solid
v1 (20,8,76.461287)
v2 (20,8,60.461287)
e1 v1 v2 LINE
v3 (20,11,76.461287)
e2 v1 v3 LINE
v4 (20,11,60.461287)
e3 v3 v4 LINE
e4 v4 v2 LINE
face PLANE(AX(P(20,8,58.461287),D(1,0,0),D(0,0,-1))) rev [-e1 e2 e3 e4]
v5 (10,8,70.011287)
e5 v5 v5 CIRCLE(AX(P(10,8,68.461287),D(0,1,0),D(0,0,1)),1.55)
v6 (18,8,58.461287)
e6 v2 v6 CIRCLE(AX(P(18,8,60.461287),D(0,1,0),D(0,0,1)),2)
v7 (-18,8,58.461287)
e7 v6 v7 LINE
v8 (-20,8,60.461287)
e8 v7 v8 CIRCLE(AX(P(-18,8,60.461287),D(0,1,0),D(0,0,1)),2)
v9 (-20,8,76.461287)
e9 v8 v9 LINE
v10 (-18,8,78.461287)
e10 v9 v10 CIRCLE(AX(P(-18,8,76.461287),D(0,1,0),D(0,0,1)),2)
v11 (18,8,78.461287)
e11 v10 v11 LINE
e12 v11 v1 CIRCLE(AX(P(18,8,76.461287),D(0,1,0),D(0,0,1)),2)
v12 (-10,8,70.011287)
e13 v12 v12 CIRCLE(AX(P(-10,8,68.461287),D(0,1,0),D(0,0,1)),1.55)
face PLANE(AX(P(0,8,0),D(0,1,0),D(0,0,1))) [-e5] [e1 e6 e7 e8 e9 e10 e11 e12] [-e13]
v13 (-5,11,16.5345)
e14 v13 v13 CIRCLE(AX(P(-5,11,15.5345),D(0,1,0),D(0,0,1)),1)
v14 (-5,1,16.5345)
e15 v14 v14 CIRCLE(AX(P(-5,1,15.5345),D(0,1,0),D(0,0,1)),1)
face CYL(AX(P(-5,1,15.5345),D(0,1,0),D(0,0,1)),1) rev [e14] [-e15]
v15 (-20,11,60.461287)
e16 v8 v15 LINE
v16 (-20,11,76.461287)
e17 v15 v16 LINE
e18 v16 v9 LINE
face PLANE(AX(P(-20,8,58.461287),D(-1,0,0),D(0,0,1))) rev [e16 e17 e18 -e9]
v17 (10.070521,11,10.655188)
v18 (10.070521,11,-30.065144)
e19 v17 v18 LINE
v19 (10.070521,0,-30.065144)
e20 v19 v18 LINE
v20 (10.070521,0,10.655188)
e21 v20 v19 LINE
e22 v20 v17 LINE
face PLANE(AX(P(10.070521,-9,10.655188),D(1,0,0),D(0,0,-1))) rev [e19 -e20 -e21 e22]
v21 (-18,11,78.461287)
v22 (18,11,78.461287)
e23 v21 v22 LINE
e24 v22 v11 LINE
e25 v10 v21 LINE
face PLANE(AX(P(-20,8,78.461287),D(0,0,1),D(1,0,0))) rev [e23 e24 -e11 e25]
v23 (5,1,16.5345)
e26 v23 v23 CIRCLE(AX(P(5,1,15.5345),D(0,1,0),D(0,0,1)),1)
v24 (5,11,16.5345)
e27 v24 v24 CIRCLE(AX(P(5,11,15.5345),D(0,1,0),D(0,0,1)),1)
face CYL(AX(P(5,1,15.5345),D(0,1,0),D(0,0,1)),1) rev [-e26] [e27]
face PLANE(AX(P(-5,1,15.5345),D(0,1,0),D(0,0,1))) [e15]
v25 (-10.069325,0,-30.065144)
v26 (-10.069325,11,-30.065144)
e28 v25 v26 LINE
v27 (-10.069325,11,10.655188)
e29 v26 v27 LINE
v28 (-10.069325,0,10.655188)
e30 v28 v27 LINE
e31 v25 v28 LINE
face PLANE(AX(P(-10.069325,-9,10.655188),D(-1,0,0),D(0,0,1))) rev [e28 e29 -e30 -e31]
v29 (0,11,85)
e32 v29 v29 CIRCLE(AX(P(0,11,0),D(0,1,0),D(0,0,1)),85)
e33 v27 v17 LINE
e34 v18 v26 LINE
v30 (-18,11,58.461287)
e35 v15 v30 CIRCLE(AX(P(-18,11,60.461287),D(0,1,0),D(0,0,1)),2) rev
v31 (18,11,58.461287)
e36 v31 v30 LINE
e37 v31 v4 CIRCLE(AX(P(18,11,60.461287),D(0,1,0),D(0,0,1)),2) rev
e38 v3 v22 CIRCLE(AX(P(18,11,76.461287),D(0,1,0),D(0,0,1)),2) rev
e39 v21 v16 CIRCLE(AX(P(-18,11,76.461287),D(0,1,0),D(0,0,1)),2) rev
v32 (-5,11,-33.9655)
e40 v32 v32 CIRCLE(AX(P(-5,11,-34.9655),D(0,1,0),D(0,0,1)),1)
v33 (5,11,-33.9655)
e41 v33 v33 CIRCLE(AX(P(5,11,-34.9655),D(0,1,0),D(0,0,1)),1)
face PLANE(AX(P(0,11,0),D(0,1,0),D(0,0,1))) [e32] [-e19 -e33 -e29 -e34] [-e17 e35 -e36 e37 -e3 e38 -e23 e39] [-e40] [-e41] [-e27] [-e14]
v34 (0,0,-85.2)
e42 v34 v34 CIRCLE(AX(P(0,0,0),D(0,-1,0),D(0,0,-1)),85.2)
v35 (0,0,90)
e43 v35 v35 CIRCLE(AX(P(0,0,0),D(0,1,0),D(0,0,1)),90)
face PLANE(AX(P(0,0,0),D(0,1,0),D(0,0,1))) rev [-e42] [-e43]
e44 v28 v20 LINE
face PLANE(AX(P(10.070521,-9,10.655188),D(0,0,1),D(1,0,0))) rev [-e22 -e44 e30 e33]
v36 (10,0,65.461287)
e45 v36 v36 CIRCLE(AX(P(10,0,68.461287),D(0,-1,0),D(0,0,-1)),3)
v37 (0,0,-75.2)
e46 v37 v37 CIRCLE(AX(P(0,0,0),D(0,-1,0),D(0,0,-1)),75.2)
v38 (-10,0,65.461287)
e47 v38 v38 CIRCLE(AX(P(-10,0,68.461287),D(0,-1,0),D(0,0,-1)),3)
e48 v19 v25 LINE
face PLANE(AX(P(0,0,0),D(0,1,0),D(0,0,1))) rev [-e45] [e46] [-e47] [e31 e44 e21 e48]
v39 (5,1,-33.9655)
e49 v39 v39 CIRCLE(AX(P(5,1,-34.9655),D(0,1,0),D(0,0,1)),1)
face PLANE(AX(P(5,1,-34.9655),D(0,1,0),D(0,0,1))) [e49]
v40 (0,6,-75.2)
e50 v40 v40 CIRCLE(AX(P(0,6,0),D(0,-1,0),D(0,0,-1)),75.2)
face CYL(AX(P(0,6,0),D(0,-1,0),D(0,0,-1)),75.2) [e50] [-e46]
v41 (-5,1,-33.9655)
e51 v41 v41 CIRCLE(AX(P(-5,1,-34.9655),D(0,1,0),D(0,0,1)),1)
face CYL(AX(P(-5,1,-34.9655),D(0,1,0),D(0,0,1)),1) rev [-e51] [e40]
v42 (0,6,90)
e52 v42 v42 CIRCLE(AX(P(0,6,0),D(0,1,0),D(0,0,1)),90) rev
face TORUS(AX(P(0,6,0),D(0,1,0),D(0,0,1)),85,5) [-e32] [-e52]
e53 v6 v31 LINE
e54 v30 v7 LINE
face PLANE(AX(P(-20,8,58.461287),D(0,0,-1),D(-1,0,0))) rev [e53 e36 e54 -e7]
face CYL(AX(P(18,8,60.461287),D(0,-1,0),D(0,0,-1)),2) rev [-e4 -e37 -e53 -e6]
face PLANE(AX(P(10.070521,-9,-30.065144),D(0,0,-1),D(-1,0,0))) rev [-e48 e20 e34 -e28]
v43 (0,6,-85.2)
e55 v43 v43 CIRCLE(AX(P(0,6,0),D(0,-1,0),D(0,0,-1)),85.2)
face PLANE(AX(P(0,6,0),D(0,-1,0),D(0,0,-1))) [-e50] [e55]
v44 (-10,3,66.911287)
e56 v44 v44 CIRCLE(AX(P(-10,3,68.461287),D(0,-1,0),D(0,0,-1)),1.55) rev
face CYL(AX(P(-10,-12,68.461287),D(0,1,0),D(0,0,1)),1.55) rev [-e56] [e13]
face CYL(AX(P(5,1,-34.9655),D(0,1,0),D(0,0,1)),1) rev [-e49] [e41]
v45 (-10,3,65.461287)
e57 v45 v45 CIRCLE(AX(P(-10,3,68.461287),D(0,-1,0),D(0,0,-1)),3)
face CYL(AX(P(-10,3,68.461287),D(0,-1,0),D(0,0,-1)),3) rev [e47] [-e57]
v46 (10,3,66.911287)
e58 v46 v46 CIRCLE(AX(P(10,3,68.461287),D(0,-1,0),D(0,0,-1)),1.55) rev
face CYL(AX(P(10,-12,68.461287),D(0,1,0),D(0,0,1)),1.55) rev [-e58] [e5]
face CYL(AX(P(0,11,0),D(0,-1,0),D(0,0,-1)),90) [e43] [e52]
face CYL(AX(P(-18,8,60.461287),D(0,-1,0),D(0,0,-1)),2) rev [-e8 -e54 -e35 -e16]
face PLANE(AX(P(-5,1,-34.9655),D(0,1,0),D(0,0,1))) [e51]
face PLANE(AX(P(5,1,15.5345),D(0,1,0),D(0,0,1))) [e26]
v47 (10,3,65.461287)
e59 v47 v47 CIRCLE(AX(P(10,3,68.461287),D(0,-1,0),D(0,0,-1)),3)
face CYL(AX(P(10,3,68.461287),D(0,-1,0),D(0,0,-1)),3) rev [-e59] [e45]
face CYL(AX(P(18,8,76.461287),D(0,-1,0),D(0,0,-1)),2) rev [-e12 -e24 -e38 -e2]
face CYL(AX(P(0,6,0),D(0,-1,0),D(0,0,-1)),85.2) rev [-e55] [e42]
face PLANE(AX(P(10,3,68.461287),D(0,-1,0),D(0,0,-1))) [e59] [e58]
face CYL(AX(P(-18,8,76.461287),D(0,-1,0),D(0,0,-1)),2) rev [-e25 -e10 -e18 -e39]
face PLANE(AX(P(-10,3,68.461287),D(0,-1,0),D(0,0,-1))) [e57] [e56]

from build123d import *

# Parameters (mm, degrees)
SKETCH1_R           = 90
BOSS_EXTRUDE1_DEPTH = 11
SKETCH7_W           = 40
SKETCH7_H           = 20
CUT_EXTRUDE7_DEPTH  = 3
SKETCH12_R          = 1.55
CUT_EXTRUDE8_DEPTH  = 20
SKETCH13_R          = 3
CUT_EXTRUDE9_DEPTH  = 3
FILLET1_R           = 2
FILLET2_R           = 2
FILLET3_R           = 2
FILLET4_R           = 2
SKETCH15_R          = 85.2
SKETCH15_R_2        = 75.2
CUT_EXTRUDE10_DEPTH = 6
FILLET5_R           = 5
SKETCH16_W          = 20.139846291
SKETCH16_H          = 40.720332108
CUT_EXTRUDE13_DEPTH = 20
SKETCH17_R          = 1
CUT_EXTRUDE14_DEPTH = 10


with BuildPart() as part:
    # Sketch1 → Boss-Extrude1 (new body)
    with BuildSketch(Plane(origin=(0, 0, 0), x_dir=(1, 0, 0), z_dir=(0, 1, 0))):
        with Locations(Location((0, 0, 0), (0, 0, 270))):
            Circle(SKETCH1_R)
    extrude(amount=BOSS_EXTRUDE1_DEPTH)

    # Sketch7 → Cut-Extrude7 (cut)
    with BuildSketch(Plane(origin=(0, 11, 0), x_dir=(1, 0, 0), z_dir=(0, 1, 0))):
        with Locations((0, -68.46128741)):
            Rectangle(SKETCH7_W, SKETCH7_H)
    extrude(amount=-CUT_EXTRUDE7_DEPTH, mode=Mode.SUBTRACT)

    # Sketch12 → Cut-Extrude8 (cut)
    with BuildSketch(Plane(origin=(0, 8, 0), x_dir=(1, 0, 0), z_dir=(0, 1, 0))):
        with Locations(Location((10, -68.46128741, 0), (0, 0, 270))):
            Circle(SKETCH12_R)
        with Locations(Location((-10, -68.46128741, 0), (0, 0, 270))):
            Circle(SKETCH12_R)
    extrude(amount=-CUT_EXTRUDE8_DEPTH, mode=Mode.SUBTRACT)

    # Sketch13 → Cut-Extrude9 (cut)
    with BuildSketch(Plane.XZ):
        with Locations(Location((10, 68.46128741, 0), (0, 0, 270))):
            Circle(SKETCH13_R)
        with Locations(Location((-10, 68.46128741, 0), (0, 0, 270))):
            Circle(SKETCH13_R)
    extrude(amount=-CUT_EXTRUDE9_DEPTH, mode=Mode.SUBTRACT)

    # Fillet1
    fillet1_edges = [part.edges().sort_by_distance(p)[0] for p in [
        (-20, 9.5, 58.46128741),
    ]]
    fillet(fillet1_edges, radius=FILLET1_R)

    # Fillet2
    fillet2_edges = [part.edges().sort_by_distance(p)[0] for p in [
        (20, 9.5, 58.46128741),
    ]]
    fillet(fillet2_edges, radius=FILLET2_R)

    # Fillet3
    fillet3_edges = [part.edges().sort_by_distance(p)[0] for p in [
        (-20, 9.5, 78.46128741),
    ]]
    fillet(fillet3_edges, radius=FILLET3_R)

    # Fillet4
    fillet4_edges = [part.edges().sort_by_distance(p)[0] for p in [
        (20, 9.5, 78.46128741),
    ]]
    fillet(fillet4_edges, radius=FILLET4_R)

    # Sketch15 → Cut-Extrude10 (cut)
    with BuildSketch(Plane.XZ):
        with Locations(Location((0, 0, 0), (0, 0, 270))):
            Circle(SKETCH15_R)
        with Locations(Location((0, 0, 0), (0, 0, 270))):
            Circle(SKETCH15_R_2, mode=Mode.SUBTRACT)
    extrude(amount=-CUT_EXTRUDE10_DEPTH, mode=Mode.SUBTRACT)

    # Fillet5
    fillet5_edges = [part.edges().sort_by_distance(p)[0] for p in [
        (0, 11, -90),
    ]]
    fillet(fillet5_edges, radius=FILLET5_R)

    # Sketch16 → Cut-Extrude13 (cut)
    with BuildSketch(Plane(origin=(0, 11, 0), x_dir=(1, 0, 0), z_dir=(0, 1, 0))):
        with Locations((0.000598288, 9.704977579)):
            Rectangle(SKETCH16_W, SKETCH16_H)
    extrude(amount=-CUT_EXTRUDE13_DEPTH, mode=Mode.SUBTRACT)

    # Sketch17 → Cut-Extrude14 (cut)
    with BuildSketch(Plane(origin=(0, 11, 0), x_dir=(1, 0, 0), z_dir=(0, 1, 0))):
        with Locations(Location((-5, 34.9655003, 0), (0, 0, 270))):
            Circle(SKETCH17_R)
        with Locations(Location((5, 34.9655003, 0), (0, 0, 270))):
            Circle(SKETCH17_R)
        with Locations(Location((-5, -15.5345003, 0), (0, 0, 270))):
            Circle(SKETCH17_R)
        with Locations(Location((5, -15.5345003, 0), (0, 0, 270))):
            Circle(SKETCH17_R)
    extrude(amount=-CUT_EXTRUDE14_DEPTH, mode=Mode.SUBTRACT)


solid = part.part
